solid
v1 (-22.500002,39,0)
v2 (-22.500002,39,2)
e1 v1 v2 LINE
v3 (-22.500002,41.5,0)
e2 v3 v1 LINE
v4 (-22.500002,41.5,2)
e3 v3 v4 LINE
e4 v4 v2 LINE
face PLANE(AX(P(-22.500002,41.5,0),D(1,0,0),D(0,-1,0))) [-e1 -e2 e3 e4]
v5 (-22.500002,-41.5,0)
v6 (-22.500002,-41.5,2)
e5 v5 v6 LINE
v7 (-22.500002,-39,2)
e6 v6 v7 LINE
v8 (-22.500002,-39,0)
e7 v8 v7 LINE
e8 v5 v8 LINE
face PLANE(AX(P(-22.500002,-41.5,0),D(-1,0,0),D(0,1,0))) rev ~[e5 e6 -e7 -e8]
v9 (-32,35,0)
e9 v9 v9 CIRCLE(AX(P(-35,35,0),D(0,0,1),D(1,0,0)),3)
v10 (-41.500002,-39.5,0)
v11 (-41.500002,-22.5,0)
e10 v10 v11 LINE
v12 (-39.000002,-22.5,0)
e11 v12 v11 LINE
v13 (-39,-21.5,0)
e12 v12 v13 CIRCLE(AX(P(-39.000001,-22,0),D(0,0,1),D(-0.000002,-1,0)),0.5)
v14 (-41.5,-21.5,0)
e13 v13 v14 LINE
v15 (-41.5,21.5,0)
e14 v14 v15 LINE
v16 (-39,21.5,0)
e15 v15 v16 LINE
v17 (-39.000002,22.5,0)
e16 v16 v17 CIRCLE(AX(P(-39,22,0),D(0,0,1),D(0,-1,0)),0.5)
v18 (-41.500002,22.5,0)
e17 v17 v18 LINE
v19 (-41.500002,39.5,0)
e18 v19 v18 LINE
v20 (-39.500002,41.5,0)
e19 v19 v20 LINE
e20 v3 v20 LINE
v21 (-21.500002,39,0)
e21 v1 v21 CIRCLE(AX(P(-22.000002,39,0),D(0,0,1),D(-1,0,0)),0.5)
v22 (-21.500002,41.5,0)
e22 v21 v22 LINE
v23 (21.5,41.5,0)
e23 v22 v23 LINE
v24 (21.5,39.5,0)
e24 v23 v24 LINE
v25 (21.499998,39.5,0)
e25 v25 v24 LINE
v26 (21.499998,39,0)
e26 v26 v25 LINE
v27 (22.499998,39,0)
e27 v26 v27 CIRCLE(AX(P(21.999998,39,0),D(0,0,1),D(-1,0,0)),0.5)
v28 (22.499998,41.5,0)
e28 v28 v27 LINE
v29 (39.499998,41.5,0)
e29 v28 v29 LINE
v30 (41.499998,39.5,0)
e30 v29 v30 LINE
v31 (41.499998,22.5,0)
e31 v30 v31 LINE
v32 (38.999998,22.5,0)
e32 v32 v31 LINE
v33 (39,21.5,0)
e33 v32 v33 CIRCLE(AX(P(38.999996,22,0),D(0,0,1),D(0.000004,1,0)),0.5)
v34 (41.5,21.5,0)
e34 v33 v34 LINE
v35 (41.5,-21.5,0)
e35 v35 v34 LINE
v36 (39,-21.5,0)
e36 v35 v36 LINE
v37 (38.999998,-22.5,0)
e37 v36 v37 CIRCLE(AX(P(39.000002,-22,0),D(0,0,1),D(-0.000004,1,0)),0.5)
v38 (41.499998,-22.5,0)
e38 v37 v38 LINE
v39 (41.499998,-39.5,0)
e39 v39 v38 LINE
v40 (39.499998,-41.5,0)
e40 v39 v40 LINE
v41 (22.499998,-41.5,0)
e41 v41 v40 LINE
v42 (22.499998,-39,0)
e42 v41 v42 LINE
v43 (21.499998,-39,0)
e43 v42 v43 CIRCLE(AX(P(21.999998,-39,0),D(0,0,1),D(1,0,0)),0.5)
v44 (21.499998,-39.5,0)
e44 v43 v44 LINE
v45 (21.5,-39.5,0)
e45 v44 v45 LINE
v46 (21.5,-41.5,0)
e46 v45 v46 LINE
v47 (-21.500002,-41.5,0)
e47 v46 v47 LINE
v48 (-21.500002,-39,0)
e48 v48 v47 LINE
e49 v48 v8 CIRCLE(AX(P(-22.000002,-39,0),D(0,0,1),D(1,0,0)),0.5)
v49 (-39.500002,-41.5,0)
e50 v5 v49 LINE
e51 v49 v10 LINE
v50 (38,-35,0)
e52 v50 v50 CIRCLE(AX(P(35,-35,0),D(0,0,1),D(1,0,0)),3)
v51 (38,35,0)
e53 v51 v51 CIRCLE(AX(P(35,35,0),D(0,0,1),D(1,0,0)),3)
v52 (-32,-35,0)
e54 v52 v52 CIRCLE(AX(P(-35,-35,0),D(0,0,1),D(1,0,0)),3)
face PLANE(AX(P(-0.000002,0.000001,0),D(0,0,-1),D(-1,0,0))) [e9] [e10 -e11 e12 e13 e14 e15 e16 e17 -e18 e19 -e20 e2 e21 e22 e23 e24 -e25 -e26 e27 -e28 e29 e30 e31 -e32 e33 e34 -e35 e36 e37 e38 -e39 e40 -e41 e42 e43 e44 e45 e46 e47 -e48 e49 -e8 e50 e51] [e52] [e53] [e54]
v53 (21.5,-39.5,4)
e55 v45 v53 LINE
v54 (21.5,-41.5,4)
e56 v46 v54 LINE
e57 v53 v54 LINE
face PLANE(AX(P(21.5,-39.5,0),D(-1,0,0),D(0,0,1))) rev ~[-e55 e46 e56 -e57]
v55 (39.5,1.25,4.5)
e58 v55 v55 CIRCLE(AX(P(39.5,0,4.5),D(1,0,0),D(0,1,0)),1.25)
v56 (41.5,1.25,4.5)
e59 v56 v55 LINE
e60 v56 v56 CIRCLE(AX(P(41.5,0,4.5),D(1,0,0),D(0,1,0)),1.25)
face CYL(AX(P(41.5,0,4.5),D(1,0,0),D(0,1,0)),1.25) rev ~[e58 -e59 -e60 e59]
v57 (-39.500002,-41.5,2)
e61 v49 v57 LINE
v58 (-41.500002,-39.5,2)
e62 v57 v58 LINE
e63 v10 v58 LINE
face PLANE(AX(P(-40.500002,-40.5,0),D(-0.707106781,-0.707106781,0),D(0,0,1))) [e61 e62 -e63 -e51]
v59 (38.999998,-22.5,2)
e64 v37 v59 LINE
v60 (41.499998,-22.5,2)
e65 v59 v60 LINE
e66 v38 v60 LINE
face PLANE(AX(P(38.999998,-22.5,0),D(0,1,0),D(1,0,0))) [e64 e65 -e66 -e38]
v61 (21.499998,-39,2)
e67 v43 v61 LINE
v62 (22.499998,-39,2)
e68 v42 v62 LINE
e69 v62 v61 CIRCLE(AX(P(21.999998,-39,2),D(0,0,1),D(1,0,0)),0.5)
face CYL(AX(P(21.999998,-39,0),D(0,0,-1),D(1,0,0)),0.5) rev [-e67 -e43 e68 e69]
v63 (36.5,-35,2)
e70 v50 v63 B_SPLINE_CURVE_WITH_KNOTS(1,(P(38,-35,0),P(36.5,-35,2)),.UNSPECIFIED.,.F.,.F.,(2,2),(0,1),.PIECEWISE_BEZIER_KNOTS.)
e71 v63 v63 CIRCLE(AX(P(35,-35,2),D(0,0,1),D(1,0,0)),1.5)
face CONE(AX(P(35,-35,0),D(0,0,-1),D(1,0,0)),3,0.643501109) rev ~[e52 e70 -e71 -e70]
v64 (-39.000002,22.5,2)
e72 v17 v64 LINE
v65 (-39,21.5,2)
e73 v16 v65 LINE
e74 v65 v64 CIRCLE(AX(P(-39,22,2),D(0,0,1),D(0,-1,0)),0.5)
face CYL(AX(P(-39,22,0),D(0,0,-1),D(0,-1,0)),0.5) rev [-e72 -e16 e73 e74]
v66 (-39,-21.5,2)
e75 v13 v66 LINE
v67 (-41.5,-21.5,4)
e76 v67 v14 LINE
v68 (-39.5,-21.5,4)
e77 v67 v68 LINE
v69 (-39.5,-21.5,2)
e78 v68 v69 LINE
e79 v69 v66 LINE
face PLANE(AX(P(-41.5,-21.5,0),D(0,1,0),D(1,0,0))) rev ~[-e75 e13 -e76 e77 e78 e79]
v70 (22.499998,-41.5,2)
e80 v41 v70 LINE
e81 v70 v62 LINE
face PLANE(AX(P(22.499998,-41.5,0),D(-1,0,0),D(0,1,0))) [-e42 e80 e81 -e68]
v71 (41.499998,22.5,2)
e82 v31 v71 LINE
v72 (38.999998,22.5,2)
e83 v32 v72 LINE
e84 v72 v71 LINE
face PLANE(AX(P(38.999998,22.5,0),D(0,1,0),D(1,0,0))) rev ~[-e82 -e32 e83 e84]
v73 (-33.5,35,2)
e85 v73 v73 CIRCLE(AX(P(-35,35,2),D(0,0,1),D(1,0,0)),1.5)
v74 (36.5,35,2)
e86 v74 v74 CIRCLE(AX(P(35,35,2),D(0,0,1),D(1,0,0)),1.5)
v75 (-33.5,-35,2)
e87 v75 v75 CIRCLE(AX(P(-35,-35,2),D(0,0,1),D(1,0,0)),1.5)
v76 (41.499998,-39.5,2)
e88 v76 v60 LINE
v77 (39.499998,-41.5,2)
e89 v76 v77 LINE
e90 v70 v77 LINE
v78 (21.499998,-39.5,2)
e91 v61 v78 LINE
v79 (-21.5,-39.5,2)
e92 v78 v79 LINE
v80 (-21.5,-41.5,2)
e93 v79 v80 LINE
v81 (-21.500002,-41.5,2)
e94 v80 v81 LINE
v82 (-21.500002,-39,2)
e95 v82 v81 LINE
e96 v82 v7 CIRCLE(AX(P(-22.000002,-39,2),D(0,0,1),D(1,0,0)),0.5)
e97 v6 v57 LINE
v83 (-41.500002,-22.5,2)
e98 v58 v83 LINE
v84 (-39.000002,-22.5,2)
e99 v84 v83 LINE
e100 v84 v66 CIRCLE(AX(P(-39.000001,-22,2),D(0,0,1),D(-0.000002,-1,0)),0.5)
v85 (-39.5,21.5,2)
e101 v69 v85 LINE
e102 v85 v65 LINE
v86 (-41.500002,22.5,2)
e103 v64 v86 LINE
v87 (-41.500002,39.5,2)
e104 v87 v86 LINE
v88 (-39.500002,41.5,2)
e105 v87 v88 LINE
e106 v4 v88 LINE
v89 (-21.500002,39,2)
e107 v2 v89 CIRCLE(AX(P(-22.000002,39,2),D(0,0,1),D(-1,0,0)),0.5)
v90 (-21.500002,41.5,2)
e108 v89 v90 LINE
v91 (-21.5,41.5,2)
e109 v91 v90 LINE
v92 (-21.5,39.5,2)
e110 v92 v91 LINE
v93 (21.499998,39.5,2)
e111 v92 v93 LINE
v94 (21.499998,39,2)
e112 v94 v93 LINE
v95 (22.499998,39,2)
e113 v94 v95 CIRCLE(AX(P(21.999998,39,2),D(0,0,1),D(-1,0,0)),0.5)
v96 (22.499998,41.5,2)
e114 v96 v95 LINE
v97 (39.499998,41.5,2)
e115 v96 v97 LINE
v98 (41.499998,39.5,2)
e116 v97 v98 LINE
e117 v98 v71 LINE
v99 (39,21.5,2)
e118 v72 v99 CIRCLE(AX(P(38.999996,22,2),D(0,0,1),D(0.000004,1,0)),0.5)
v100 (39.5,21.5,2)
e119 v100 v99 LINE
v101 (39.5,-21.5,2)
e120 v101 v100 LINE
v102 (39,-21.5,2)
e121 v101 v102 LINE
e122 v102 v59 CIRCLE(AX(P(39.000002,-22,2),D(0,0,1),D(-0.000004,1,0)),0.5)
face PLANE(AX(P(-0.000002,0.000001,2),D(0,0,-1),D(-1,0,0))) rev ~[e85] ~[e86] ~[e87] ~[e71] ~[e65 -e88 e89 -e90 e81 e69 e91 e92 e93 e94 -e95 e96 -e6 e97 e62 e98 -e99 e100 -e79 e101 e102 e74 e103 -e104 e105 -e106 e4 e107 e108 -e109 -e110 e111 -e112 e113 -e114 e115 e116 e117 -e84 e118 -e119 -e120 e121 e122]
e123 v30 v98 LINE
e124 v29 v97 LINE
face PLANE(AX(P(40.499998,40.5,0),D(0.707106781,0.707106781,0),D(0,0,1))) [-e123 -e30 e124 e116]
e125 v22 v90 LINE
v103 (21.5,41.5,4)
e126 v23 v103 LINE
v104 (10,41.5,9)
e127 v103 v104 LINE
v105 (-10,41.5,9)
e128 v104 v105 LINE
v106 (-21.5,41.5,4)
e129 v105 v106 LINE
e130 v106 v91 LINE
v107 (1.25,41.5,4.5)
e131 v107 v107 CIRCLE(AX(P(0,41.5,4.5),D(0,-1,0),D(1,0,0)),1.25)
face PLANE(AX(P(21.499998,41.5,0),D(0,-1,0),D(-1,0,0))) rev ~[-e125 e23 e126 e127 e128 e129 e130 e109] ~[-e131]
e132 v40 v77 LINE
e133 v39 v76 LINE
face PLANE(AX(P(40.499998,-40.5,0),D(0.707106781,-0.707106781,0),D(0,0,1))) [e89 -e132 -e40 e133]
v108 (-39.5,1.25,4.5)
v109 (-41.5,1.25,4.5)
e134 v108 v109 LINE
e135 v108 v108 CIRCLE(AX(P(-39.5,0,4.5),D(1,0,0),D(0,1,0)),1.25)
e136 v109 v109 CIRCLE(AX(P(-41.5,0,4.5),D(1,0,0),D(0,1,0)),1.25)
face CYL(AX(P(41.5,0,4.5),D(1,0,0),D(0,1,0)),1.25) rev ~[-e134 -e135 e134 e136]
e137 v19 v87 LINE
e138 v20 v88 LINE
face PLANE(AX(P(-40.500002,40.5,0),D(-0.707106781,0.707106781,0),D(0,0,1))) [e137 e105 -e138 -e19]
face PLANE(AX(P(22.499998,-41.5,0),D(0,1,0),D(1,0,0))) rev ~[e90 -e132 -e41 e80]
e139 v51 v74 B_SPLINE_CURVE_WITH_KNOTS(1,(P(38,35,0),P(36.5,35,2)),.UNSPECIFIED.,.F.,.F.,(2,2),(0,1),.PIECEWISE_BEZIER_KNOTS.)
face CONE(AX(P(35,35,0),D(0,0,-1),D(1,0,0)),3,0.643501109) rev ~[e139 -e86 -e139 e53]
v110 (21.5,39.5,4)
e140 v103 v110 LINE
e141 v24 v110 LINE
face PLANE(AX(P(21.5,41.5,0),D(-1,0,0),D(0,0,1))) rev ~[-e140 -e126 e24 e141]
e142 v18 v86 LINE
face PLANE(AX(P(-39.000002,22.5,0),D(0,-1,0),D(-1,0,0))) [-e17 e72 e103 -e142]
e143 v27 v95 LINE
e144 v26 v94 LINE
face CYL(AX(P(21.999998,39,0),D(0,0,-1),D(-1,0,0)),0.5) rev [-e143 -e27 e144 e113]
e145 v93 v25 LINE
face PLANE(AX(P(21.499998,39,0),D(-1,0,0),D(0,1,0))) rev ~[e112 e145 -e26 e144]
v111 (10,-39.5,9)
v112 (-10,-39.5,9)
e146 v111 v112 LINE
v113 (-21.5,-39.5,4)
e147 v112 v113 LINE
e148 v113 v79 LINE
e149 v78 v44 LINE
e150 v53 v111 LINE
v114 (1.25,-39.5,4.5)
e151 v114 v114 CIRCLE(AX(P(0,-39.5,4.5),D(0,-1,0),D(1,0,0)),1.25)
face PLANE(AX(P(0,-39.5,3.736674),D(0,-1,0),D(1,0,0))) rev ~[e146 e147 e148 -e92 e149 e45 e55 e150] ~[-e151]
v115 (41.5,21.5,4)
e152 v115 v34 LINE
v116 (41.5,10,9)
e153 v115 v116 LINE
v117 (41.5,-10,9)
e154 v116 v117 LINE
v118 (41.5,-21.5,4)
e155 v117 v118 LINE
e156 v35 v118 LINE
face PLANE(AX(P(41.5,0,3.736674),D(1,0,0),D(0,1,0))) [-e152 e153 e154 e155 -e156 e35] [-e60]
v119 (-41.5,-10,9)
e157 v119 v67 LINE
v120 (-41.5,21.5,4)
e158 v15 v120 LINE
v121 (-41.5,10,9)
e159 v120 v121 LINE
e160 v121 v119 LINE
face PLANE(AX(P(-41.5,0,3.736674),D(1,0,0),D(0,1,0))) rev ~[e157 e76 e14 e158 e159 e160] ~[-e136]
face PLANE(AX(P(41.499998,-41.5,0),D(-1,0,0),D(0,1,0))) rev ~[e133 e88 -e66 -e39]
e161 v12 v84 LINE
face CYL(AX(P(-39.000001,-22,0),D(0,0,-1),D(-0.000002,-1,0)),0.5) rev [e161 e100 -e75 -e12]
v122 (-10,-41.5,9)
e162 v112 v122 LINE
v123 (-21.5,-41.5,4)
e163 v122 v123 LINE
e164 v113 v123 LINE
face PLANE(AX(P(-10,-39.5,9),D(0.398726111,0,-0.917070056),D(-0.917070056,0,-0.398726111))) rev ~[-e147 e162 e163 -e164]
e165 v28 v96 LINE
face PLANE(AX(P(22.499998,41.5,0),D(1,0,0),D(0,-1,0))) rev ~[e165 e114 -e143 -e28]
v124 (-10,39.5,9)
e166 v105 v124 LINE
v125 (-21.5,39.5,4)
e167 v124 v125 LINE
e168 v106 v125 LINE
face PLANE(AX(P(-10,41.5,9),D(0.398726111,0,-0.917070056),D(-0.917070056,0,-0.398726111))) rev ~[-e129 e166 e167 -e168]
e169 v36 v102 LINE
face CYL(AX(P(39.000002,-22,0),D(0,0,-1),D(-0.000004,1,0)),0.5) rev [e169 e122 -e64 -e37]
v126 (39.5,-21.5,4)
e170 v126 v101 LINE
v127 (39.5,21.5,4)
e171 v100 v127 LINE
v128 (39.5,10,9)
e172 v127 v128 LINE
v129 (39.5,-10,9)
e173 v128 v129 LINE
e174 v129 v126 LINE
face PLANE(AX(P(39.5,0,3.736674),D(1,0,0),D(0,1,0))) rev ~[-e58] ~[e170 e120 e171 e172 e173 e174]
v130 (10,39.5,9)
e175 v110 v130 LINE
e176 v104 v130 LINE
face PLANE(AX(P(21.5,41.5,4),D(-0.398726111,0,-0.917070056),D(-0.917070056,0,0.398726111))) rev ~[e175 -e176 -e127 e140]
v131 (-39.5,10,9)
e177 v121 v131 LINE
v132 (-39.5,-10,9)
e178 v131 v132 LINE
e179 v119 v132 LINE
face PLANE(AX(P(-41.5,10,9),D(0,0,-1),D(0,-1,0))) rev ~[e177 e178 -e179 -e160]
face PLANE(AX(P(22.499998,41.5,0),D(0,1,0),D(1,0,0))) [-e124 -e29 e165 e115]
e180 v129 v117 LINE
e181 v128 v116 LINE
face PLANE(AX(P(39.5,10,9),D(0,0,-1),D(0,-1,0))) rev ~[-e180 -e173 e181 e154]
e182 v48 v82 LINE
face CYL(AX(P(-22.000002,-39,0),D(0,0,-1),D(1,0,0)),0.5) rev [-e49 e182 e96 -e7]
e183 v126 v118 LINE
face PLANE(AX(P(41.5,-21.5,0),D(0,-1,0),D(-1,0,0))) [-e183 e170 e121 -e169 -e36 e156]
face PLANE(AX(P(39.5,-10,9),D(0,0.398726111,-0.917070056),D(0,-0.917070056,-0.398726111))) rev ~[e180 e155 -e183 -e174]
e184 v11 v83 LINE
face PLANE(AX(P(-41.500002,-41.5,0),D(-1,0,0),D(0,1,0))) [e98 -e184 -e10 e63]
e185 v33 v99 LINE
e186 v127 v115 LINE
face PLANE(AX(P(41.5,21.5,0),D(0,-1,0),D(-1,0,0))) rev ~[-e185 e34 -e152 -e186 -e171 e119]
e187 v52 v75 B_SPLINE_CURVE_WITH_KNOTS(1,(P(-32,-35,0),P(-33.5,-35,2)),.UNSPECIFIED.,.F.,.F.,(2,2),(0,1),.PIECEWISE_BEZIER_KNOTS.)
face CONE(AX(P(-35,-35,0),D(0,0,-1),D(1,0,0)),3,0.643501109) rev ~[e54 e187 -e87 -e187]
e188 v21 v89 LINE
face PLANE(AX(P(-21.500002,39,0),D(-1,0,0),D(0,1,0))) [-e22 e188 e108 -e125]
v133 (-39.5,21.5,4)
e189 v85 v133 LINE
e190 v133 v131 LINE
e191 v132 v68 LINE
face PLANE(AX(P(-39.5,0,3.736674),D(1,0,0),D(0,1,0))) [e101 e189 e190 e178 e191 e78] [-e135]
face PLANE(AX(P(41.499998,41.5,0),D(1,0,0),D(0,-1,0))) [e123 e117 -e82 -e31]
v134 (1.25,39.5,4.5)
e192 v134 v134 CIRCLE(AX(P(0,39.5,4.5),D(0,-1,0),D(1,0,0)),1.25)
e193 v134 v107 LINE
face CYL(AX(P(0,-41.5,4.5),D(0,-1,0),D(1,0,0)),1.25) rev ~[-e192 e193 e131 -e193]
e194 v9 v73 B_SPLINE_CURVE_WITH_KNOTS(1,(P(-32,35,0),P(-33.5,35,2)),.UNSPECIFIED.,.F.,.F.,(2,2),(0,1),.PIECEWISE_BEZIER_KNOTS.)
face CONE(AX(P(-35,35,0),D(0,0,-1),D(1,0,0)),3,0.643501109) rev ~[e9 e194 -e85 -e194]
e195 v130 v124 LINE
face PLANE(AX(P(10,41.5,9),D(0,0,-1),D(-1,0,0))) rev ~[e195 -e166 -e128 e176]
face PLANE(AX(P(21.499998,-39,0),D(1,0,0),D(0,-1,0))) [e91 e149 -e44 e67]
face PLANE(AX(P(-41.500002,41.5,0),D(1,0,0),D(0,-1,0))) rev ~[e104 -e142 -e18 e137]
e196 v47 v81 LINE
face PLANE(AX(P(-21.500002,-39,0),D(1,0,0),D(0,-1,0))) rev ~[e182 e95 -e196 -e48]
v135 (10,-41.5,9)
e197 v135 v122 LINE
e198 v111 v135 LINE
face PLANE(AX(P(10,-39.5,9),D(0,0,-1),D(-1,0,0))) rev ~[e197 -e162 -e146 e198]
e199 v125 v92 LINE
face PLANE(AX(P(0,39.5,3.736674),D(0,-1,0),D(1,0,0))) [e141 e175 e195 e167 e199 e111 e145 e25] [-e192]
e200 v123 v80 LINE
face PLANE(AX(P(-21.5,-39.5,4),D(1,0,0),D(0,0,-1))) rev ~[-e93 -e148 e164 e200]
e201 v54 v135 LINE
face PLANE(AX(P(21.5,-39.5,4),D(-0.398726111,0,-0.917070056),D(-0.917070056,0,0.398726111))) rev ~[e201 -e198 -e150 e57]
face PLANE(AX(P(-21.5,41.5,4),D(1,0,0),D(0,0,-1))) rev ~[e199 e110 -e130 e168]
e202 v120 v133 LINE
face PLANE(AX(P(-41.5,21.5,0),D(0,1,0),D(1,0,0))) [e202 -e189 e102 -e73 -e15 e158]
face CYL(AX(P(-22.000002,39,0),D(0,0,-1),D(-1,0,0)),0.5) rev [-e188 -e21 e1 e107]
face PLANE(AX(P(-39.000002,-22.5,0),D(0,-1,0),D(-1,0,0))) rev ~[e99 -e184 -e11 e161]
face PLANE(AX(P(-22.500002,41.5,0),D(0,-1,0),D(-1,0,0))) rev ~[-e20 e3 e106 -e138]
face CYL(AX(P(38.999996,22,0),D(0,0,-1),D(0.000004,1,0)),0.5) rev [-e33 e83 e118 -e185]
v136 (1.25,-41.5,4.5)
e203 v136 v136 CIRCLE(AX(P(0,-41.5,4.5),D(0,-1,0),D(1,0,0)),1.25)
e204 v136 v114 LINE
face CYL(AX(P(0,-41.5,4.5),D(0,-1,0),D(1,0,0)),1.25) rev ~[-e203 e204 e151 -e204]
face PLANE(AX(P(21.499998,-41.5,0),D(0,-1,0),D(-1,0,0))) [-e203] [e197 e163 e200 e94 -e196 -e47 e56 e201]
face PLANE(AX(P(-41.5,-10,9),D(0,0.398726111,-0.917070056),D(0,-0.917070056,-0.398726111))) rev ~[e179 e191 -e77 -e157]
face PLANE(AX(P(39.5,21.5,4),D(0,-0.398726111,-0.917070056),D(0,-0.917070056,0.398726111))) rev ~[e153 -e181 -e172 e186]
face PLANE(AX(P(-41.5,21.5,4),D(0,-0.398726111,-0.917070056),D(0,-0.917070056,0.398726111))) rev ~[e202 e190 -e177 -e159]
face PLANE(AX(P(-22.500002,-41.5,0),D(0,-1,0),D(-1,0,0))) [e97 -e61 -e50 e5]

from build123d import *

# Parameters (mm, degrees)
PAD003_DEPTH    = 2
SKETCH003_R     = 3
SKETCH004_R     = 1.5
SKETCH005_R     = 3
SKETCH006_R     = 1.5
SKETCH007_R     = 3
SKETCH008_R     = 1.5
SKETCH001_R     = 3
SKETCH002_R     = 1.5
PAD_DEPTH       = 2
CHAMFER_SIZE    = 2
PAD004_DEPTH    = 2
PAD001_DEPTH    = 2
PAD002_DEPTH    = 2
SKETCH013_R     = 1.25
POCKET_DEPTH    = 83.001
SKETCH014_R     = 1.25
POCKET001_DEPTH = 83.001002


with BuildPart() as pad003:
    # Sketch011 → Pad003 (new body)
    with BuildSketch(Plane.YZ.offset(39.5)):
        Polygon((-21.5, 0), (21.5, 0), (21.5, 4), (10, 9), (-10, 9), (-21.5, 4), align=None)
    extrude(amount=PAD003_DEPTH)


with BuildPart() as loft001:
    # Sketch003 → Loft001 section 0
    with BuildSketch(Plane.XY):
        with Locations((35, -35)):
            Circle(SKETCH003_R)
    # Sketch004 → Loft001 section 1
    with BuildSketch(Plane.XY.offset(2)):
        with Locations((35, -35)):
            Circle(SKETCH004_R)
    loft(ruled=True)


with BuildPart() as loft002:
    # Sketch005 → Loft002 section 0
    with BuildSketch(Plane.XY):
        with Locations((-35, 35)):
            Circle(SKETCH005_R)
    # Sketch006 → Loft002 section 1
    with BuildSketch(Plane.XY.offset(2)):
        with Locations((-35, 35)):
            Circle(SKETCH006_R)
    loft(ruled=True)


with BuildPart() as loft003:
    # Sketch007 → Loft003 section 0
    with BuildSketch(Plane.XY):
        with Locations((35, 35)):
            Circle(SKETCH007_R)
    # Sketch008 → Loft003 section 1
    with BuildSketch(Plane.XY.offset(2)):
        with Locations((35, 35)):
            Circle(SKETCH008_R)
    loft(ruled=True)


with BuildPart() as loft_body:
    # Sketch001 → Loft section 0
    with BuildSketch(Plane.XY):
        with Locations((-35, -35)):
            Circle(SKETCH001_R)
    # Sketch002 → Loft section 1
    with BuildSketch(Plane.XY.offset(2)):
        with Locations((-35, -35)):
            Circle(SKETCH002_R)
    loft(ruled=True)


with BuildPart() as cut003:
    # Sketch → Pad (new body)
    with BuildSketch(Plane.XY):
        with BuildLine():
            Line((21.499998, -41.5), (-21.500002, -41.5))
            Line((-21.500002, -39), (-21.500002, -41.5))
            ThreePointArc((-21.500002, -39), (-22.000002, -38.5), (-22.500002, -39))
            Line((-22.500002, -41.5), (-22.500002, -39))
            Line((-22.500002, -41.5), (-41.500002, -41.5))
            Line((-41.500002, -41.5), (-41.500002, -22.5))
            Line((-39.000002, -22.5), (-41.500002, -22.5))
            ThreePointArc((-39.000002, -22.5), (-38.500001, -22.000001), (-39, -21.5))
            Line((-41.5, -21.5), (-39, -21.5))
            Line((-41.5, -21.5), (-41.5, 21.5))
            Line((-41.5, 21.5), (-39, 21.5))
            ThreePointArc((-39, 21.5), (-38.5, 22.000001), (-39.000002, 22.5))
            Line((-39.000002, 22.5), (-41.500002, 22.5))
            Line((-41.500002, 41.5), (-41.500002, 22.5))
            Line((-22.500002, 41.5), (-41.500002, 41.5))
            Line((-22.500002, 41.5), (-22.500002, 39))
            ThreePointArc((-22.500002, 39), (-22.000002, 38.5), (-21.500002, 39))
            Line((-21.500002, 39), (-21.500002, 41.5))
            Line((21.499998, 41.5), (-21.500002, 41.5))
            Line((21.499998, 39), (21.499998, 41.5))
            ThreePointArc((21.499998, 39), (21.999998, 38.5), (22.499998, 39))
            Line((22.499998, 41.5), (22.499998, 39))
            Line((22.499998, 41.5), (41.499998, 41.5))
            Line((41.499998, 41.5), (41.499998, 22.5))
            Line((38.999998, 22.5), (41.499998, 22.5))
            ThreePointArc((38.999998, 22.5), (38.499996, 21.999999), (39, 21.5))
            Line((41.5, 21.5), (39, 21.5))
            Line((41.5, -21.5), (41.5, 21.5))
            Line((41.5, -21.5), (39, -21.5))
            ThreePointArc((39, -21.5), (38.500002, -21.999999), (38.999998, -22.5))
            Line((38.999998, -22.5), (41.499998, -22.5))
            Line((41.499998, -41.5), (41.499998, -22.5))
            Line((22.499998, -41.5), (41.499998, -41.5))
            Line((22.499998, -41.5), (22.499998, -39))
            ThreePointArc((22.499998, -39), (21.999998, -38.5), (21.499998, -39))
            Line((21.499998, -39), (21.499998, -41.5))
        make_face()
    extrude(amount=PAD_DEPTH)

    # Chamfer
    chamfer_edges = [cut003.edges().sort_by_distance(p)[0] for p in [
        (-41.500002, -41.5, 1),
        (-41.500002, 41.5, 1),
        (41.499998, -41.5, 1),
        (41.499998, 41.5, 1),
    ]]
    chamfer(chamfer_edges, length=CHAMFER_SIZE)

    # Cut: cut Loft body
    add(loft_body.part, mode=Mode.SUBTRACT)

    # Cut001: cut Loft003
    add(loft003.part, mode=Mode.SUBTRACT)

    # Cut002: cut Loft002
    add(loft002.part, mode=Mode.SUBTRACT)

    # Cut003: cut Loft001
    add(loft001.part, mode=Mode.SUBTRACT)


with BuildPart() as fusion:
    # Sketch012 → Pad004 (new body)
    with BuildSketch(Plane.YZ.offset(-41.5)):
        Polygon((-21.5, 0), (21.5, 0), (21.5, 4), (10, 9), (-10, 9), (-21.5, 4), align=None)
    extrude(amount=PAD004_DEPTH)

    # Fusion: union Cut003
    add(cut003.part)


with BuildPart() as pad001:
    # Sketch009 → Pad001 (new body)
    with BuildSketch(Plane.XZ.offset(39.5)):
        Polygon((-21.5, 0), (21.5, 0), (21.5, 4), (10, 9), (-10, 9), (-21.5, 4), align=None)
    extrude(amount=PAD001_DEPTH)


with BuildPart() as pocket001:
    # Sketch010 → Pad002 (new body)
    with BuildSketch(Plane.XZ.offset(-41.5)):
        Polygon((-21.5, 0), (21.5, 0), (21.5, 4), (10, 9), (-10, 9), (-21.5, 4), align=None)
    extrude(amount=PAD002_DEPTH)

    # Fusion001: union Pad003, Fusion, Pad001
    add(pad003.part)
    add(fusion.part)
    add(pad001.part)

    # Sketch013 → Pocket (cut, through all)
    with BuildSketch(Plane.XZ.offset(41.5)):
        with Locations((0, 4.5)):
            Circle(SKETCH013_R)
    extrude(amount=-POCKET_DEPTH, mode=Mode.SUBTRACT)

    # Sketch014 → Pocket001 (cut, through all)
    with BuildSketch(Plane.YZ.offset(41.5)):
        with Locations((0, 4.5)):
            Circle(SKETCH014_R)
    extrude(amount=-POCKET001_DEPTH, mode=Mode.SUBTRACT)


solid = pocket001.part
